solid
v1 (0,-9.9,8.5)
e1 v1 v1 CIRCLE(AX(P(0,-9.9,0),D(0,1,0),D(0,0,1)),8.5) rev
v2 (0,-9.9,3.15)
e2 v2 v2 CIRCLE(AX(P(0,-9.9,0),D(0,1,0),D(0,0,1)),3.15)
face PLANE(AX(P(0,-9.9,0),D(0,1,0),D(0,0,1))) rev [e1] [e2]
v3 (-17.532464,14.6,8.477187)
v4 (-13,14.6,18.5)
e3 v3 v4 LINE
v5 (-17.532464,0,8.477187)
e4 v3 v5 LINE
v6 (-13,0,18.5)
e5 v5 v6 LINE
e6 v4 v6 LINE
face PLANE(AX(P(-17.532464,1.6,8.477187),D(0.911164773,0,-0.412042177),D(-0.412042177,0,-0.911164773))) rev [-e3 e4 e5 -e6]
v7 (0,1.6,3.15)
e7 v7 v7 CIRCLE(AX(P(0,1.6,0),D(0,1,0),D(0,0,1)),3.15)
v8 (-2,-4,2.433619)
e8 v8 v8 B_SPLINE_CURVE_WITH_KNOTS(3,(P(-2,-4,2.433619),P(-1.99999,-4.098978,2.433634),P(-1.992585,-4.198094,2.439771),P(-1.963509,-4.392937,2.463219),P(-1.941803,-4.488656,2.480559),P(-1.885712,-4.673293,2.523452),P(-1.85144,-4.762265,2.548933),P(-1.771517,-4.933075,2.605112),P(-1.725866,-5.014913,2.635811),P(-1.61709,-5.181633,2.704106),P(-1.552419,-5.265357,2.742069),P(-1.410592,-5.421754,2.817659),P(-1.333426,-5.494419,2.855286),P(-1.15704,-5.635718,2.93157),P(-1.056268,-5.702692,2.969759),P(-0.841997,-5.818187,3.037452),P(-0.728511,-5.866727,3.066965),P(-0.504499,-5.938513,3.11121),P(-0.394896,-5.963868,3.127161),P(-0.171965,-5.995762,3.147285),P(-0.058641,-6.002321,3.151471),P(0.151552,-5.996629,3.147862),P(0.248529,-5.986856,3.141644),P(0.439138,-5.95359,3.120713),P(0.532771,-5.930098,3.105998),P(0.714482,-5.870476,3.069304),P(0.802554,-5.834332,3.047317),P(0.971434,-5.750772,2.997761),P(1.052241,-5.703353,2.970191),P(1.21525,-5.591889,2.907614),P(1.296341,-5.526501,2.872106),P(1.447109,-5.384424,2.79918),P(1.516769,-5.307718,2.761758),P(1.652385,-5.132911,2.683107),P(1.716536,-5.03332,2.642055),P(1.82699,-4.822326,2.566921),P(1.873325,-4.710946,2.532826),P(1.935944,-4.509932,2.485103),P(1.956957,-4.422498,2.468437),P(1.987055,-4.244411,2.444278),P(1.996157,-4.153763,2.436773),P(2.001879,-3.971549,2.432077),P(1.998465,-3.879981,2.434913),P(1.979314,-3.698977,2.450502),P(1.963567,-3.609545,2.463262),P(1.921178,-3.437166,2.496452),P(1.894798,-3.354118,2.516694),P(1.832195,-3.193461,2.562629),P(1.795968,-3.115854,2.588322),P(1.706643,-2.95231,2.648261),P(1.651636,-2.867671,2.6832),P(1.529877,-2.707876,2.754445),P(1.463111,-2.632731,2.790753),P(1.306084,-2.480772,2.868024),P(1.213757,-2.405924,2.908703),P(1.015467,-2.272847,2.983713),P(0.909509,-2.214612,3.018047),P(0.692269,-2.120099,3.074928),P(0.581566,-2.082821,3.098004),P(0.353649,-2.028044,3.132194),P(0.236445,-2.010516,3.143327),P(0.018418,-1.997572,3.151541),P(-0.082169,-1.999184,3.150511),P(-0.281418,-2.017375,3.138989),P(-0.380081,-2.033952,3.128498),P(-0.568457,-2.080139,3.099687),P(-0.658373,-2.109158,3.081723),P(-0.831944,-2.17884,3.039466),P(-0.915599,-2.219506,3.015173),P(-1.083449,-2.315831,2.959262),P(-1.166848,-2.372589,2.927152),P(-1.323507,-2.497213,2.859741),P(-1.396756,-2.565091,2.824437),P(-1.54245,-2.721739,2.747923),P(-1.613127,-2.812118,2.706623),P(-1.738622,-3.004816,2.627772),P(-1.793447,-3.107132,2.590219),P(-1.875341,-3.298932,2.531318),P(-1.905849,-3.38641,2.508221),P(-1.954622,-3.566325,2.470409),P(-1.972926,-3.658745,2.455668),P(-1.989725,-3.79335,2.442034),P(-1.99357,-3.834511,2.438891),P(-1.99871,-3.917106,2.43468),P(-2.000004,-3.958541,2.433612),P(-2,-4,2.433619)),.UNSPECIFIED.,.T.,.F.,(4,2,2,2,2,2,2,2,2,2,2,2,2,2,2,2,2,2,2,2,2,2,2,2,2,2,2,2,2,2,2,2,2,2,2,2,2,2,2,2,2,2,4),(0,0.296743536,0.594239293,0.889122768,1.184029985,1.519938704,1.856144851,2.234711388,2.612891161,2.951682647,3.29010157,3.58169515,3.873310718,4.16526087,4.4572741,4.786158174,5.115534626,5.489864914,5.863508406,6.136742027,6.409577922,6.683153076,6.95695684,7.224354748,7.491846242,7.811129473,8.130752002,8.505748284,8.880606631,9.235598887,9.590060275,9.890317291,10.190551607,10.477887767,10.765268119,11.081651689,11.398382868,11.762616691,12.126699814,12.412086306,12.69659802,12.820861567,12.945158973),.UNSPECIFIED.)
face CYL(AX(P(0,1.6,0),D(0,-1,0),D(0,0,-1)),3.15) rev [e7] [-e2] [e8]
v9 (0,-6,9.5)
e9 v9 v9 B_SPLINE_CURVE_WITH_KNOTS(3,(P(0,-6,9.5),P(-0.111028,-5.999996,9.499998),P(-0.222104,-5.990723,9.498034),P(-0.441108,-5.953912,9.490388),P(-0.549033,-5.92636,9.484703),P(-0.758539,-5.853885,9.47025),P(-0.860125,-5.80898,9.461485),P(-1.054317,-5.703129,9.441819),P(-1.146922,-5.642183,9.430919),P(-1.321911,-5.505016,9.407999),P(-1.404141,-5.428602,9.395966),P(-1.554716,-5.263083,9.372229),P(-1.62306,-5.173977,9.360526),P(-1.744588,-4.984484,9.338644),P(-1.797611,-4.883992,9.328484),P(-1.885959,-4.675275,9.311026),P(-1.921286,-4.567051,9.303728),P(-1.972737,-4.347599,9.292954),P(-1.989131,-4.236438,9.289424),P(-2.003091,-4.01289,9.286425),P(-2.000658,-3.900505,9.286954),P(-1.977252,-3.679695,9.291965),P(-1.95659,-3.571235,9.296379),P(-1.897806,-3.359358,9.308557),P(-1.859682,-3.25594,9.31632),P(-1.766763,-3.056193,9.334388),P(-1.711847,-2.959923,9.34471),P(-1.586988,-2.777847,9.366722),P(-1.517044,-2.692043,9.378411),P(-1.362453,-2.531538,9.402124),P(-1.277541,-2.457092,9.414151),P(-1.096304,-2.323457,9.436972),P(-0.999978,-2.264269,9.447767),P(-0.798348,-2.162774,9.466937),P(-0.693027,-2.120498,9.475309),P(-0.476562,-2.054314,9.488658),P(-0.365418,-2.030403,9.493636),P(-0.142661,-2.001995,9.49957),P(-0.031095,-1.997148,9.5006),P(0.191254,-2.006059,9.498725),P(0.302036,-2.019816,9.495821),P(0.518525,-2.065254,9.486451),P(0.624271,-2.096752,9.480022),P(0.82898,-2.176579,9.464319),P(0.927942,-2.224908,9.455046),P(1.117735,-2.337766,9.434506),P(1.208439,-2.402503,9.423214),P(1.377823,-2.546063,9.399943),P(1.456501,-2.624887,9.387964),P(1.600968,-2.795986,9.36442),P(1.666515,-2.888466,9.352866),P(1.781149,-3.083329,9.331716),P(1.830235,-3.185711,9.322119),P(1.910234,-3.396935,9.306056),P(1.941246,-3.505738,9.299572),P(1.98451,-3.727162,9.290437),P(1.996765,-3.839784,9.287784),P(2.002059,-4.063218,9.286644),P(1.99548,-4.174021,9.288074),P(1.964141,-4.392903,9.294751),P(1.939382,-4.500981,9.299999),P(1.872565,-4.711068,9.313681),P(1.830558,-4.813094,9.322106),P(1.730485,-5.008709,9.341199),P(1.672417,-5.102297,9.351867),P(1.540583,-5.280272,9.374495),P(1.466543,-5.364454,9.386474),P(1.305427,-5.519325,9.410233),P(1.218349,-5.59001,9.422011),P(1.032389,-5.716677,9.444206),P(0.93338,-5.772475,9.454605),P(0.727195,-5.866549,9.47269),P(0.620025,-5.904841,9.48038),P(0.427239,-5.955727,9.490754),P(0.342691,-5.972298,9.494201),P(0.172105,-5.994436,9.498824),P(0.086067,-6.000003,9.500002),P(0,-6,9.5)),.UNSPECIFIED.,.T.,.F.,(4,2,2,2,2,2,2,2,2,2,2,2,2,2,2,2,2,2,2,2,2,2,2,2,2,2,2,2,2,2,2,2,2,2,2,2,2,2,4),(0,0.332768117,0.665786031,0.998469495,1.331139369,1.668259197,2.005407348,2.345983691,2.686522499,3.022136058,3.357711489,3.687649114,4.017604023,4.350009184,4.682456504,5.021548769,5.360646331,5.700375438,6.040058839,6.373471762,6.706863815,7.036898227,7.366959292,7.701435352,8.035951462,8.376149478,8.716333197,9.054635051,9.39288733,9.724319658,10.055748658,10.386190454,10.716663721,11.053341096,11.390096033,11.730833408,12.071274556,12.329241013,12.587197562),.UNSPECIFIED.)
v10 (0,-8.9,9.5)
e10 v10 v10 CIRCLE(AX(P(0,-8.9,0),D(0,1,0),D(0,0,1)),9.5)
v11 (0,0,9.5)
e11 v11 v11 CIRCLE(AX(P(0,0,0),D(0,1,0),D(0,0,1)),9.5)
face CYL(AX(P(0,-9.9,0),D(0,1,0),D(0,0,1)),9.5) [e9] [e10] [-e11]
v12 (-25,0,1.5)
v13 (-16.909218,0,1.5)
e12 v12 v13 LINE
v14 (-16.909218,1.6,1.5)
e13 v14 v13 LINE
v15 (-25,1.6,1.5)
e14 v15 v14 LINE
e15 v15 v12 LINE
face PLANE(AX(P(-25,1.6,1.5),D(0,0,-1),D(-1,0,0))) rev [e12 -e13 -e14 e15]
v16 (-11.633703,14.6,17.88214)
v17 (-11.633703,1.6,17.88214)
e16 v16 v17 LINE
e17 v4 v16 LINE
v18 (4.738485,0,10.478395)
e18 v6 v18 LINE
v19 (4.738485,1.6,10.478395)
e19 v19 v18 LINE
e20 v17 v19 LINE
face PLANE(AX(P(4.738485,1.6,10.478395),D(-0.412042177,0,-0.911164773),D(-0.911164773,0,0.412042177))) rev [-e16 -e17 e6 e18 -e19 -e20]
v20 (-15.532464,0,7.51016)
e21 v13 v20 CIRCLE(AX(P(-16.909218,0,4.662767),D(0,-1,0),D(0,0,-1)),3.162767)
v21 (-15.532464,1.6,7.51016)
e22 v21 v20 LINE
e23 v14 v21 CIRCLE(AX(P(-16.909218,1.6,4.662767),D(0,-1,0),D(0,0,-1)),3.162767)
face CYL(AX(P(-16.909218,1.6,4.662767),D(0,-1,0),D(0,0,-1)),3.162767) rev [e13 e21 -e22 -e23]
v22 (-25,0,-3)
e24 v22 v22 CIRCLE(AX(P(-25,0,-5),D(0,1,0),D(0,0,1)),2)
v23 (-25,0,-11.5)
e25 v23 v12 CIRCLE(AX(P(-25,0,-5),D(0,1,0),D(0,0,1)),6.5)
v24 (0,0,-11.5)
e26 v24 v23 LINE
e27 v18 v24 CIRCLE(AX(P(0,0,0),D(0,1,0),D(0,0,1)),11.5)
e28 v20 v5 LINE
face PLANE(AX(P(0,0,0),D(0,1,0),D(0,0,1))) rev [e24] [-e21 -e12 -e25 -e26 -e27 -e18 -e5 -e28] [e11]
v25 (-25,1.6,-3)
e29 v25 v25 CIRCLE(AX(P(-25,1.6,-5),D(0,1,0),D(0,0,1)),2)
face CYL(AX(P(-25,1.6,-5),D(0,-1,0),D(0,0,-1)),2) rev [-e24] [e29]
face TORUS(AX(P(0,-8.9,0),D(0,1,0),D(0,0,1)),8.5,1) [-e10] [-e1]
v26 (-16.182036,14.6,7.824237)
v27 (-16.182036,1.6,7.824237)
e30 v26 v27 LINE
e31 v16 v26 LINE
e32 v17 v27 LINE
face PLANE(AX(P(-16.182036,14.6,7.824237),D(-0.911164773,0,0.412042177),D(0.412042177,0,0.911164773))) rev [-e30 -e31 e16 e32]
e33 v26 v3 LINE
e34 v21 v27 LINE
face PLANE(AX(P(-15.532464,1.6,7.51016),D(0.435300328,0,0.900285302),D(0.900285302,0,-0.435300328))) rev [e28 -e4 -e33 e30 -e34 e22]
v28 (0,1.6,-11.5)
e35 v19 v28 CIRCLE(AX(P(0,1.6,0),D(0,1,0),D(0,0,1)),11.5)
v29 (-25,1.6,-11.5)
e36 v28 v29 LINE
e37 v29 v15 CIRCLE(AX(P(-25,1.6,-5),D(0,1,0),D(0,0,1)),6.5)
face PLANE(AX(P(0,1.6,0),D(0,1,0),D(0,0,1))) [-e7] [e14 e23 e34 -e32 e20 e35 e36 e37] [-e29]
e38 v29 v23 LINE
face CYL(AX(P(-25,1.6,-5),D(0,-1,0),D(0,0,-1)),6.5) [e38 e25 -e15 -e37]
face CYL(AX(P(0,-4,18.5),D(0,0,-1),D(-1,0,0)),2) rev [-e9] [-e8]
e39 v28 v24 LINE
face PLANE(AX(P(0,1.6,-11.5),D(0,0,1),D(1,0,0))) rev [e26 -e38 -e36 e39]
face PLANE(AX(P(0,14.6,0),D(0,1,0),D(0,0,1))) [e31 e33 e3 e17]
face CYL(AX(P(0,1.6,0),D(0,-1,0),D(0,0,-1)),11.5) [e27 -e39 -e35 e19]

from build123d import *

# Parameters (mm, degrees)
ESQUISSE1_R             = 3.15
ESQUISSE1_R_2           = 2
BOSS_EXTRU_1_DEPTH      = 1.6
BOSS_EXTRU_2_START      = -11.5
ESQUISSE2_R             = 9.5
ESQUISSE2_R_2           = 3.15
BOSS_EXTRU_2_DEPTH      = 11.5
CONG_1_R                = 1
BOSS_EXTRU_3_DEPTH      = 13
ESQUISSE4_R             = 2
ENL_V_MAT_EXTRU_1_DEPTH = 40.340310116


with BuildPart() as part:
    # Esquisse1 → Boss.-Extru.1 (new body)
    with BuildSketch(Plane(origin=(0, 0, 0), x_dir=(1, 0, 0), z_dir=(0, 1, 0))):
        with BuildLine():
            Line((0, 11.5), (-25, 11.5))
            ThreePointArc((-25, 11.5), (-31.5, 5), (-25, -1.5))
            Line((-25, -1.5), (-16.90921754, -1.5))
            ThreePointArc((-16.90921754, -1.5), (-13.826301978, -3.956560509), (-15.532463951, -7.510159982))
            Line((-15.532463951, -7.510159982), (-17.532463951, -8.477187494))
            Line((-17.532463951, -8.477187494), (-13, -18.5))
            Line((-13, -18.5), (4.73848504, -10.478394893))
            ThreePointArc((4.73848504, -10.478394893), (11.241697854, 2.423680954), (0, 11.5))
        make_face()
        with Locations(Location((0, 0, 0), (0, 0, 270))):
            Circle(ESQUISSE1_R, mode=Mode.SUBTRACT)
        with Locations(Location((-25, 5, 0), (0, 0, 270))):
            Circle(ESQUISSE1_R_2, mode=Mode.SUBTRACT)
    extrude(amount=BOSS_EXTRU_1_DEPTH)

    # Esquisse2 → Boss.-Extru.2 (add)
    with BuildSketch(Plane(origin=(0, 1.6, 0), x_dir=(1, 0, 0), z_dir=(0, 1, 0)).offset(BOSS_EXTRU_2_START)):
        with Locations(Location((0, 0, 0), (0, 0, 270))):
            Circle(ESQUISSE2_R)
        with Locations(Location((0, 0, 0), (0, 0, 270))):
            Circle(ESQUISSE2_R_2, mode=Mode.SUBTRACT)
    extrude(amount=BOSS_EXTRU_2_DEPTH)

    # Congé1
    cong_1_edges = [part.edges().sort_by_distance(p)[0] for p in [
        (0, -9.9, -9.5),
    ]]
    fillet(cong_1_edges, radius=CONG_1_R)

    # Esquisse3 → Boss.-Extru.3 (add)
    with BuildSketch(Plane(origin=(0, 1.6, 0), x_dir=(1, 0, 0), z_dir=(0, 1, 0))):
        Polygon((-17.532463951, -8.477187494), (-13, -18.5), (-11.633703391, -17.88214048), (-16.182035998, -7.824237002), align=None)
    extrude(amount=BOSS_EXTRU_3_DEPTH)

    # Esquisse4 → Enlèv. mat.-Extru.1 (cut, through all)
    with BuildSketch(Plane.XY):
        with Locations(Location((0, -4, 0), (0, 0, 269.999999976))):
            Circle(ESQUISSE4_R)
    extrude(amount=ENL_V_MAT_EXTRU_1_DEPTH, mode=Mode.SUBTRACT)


solid = part.part
